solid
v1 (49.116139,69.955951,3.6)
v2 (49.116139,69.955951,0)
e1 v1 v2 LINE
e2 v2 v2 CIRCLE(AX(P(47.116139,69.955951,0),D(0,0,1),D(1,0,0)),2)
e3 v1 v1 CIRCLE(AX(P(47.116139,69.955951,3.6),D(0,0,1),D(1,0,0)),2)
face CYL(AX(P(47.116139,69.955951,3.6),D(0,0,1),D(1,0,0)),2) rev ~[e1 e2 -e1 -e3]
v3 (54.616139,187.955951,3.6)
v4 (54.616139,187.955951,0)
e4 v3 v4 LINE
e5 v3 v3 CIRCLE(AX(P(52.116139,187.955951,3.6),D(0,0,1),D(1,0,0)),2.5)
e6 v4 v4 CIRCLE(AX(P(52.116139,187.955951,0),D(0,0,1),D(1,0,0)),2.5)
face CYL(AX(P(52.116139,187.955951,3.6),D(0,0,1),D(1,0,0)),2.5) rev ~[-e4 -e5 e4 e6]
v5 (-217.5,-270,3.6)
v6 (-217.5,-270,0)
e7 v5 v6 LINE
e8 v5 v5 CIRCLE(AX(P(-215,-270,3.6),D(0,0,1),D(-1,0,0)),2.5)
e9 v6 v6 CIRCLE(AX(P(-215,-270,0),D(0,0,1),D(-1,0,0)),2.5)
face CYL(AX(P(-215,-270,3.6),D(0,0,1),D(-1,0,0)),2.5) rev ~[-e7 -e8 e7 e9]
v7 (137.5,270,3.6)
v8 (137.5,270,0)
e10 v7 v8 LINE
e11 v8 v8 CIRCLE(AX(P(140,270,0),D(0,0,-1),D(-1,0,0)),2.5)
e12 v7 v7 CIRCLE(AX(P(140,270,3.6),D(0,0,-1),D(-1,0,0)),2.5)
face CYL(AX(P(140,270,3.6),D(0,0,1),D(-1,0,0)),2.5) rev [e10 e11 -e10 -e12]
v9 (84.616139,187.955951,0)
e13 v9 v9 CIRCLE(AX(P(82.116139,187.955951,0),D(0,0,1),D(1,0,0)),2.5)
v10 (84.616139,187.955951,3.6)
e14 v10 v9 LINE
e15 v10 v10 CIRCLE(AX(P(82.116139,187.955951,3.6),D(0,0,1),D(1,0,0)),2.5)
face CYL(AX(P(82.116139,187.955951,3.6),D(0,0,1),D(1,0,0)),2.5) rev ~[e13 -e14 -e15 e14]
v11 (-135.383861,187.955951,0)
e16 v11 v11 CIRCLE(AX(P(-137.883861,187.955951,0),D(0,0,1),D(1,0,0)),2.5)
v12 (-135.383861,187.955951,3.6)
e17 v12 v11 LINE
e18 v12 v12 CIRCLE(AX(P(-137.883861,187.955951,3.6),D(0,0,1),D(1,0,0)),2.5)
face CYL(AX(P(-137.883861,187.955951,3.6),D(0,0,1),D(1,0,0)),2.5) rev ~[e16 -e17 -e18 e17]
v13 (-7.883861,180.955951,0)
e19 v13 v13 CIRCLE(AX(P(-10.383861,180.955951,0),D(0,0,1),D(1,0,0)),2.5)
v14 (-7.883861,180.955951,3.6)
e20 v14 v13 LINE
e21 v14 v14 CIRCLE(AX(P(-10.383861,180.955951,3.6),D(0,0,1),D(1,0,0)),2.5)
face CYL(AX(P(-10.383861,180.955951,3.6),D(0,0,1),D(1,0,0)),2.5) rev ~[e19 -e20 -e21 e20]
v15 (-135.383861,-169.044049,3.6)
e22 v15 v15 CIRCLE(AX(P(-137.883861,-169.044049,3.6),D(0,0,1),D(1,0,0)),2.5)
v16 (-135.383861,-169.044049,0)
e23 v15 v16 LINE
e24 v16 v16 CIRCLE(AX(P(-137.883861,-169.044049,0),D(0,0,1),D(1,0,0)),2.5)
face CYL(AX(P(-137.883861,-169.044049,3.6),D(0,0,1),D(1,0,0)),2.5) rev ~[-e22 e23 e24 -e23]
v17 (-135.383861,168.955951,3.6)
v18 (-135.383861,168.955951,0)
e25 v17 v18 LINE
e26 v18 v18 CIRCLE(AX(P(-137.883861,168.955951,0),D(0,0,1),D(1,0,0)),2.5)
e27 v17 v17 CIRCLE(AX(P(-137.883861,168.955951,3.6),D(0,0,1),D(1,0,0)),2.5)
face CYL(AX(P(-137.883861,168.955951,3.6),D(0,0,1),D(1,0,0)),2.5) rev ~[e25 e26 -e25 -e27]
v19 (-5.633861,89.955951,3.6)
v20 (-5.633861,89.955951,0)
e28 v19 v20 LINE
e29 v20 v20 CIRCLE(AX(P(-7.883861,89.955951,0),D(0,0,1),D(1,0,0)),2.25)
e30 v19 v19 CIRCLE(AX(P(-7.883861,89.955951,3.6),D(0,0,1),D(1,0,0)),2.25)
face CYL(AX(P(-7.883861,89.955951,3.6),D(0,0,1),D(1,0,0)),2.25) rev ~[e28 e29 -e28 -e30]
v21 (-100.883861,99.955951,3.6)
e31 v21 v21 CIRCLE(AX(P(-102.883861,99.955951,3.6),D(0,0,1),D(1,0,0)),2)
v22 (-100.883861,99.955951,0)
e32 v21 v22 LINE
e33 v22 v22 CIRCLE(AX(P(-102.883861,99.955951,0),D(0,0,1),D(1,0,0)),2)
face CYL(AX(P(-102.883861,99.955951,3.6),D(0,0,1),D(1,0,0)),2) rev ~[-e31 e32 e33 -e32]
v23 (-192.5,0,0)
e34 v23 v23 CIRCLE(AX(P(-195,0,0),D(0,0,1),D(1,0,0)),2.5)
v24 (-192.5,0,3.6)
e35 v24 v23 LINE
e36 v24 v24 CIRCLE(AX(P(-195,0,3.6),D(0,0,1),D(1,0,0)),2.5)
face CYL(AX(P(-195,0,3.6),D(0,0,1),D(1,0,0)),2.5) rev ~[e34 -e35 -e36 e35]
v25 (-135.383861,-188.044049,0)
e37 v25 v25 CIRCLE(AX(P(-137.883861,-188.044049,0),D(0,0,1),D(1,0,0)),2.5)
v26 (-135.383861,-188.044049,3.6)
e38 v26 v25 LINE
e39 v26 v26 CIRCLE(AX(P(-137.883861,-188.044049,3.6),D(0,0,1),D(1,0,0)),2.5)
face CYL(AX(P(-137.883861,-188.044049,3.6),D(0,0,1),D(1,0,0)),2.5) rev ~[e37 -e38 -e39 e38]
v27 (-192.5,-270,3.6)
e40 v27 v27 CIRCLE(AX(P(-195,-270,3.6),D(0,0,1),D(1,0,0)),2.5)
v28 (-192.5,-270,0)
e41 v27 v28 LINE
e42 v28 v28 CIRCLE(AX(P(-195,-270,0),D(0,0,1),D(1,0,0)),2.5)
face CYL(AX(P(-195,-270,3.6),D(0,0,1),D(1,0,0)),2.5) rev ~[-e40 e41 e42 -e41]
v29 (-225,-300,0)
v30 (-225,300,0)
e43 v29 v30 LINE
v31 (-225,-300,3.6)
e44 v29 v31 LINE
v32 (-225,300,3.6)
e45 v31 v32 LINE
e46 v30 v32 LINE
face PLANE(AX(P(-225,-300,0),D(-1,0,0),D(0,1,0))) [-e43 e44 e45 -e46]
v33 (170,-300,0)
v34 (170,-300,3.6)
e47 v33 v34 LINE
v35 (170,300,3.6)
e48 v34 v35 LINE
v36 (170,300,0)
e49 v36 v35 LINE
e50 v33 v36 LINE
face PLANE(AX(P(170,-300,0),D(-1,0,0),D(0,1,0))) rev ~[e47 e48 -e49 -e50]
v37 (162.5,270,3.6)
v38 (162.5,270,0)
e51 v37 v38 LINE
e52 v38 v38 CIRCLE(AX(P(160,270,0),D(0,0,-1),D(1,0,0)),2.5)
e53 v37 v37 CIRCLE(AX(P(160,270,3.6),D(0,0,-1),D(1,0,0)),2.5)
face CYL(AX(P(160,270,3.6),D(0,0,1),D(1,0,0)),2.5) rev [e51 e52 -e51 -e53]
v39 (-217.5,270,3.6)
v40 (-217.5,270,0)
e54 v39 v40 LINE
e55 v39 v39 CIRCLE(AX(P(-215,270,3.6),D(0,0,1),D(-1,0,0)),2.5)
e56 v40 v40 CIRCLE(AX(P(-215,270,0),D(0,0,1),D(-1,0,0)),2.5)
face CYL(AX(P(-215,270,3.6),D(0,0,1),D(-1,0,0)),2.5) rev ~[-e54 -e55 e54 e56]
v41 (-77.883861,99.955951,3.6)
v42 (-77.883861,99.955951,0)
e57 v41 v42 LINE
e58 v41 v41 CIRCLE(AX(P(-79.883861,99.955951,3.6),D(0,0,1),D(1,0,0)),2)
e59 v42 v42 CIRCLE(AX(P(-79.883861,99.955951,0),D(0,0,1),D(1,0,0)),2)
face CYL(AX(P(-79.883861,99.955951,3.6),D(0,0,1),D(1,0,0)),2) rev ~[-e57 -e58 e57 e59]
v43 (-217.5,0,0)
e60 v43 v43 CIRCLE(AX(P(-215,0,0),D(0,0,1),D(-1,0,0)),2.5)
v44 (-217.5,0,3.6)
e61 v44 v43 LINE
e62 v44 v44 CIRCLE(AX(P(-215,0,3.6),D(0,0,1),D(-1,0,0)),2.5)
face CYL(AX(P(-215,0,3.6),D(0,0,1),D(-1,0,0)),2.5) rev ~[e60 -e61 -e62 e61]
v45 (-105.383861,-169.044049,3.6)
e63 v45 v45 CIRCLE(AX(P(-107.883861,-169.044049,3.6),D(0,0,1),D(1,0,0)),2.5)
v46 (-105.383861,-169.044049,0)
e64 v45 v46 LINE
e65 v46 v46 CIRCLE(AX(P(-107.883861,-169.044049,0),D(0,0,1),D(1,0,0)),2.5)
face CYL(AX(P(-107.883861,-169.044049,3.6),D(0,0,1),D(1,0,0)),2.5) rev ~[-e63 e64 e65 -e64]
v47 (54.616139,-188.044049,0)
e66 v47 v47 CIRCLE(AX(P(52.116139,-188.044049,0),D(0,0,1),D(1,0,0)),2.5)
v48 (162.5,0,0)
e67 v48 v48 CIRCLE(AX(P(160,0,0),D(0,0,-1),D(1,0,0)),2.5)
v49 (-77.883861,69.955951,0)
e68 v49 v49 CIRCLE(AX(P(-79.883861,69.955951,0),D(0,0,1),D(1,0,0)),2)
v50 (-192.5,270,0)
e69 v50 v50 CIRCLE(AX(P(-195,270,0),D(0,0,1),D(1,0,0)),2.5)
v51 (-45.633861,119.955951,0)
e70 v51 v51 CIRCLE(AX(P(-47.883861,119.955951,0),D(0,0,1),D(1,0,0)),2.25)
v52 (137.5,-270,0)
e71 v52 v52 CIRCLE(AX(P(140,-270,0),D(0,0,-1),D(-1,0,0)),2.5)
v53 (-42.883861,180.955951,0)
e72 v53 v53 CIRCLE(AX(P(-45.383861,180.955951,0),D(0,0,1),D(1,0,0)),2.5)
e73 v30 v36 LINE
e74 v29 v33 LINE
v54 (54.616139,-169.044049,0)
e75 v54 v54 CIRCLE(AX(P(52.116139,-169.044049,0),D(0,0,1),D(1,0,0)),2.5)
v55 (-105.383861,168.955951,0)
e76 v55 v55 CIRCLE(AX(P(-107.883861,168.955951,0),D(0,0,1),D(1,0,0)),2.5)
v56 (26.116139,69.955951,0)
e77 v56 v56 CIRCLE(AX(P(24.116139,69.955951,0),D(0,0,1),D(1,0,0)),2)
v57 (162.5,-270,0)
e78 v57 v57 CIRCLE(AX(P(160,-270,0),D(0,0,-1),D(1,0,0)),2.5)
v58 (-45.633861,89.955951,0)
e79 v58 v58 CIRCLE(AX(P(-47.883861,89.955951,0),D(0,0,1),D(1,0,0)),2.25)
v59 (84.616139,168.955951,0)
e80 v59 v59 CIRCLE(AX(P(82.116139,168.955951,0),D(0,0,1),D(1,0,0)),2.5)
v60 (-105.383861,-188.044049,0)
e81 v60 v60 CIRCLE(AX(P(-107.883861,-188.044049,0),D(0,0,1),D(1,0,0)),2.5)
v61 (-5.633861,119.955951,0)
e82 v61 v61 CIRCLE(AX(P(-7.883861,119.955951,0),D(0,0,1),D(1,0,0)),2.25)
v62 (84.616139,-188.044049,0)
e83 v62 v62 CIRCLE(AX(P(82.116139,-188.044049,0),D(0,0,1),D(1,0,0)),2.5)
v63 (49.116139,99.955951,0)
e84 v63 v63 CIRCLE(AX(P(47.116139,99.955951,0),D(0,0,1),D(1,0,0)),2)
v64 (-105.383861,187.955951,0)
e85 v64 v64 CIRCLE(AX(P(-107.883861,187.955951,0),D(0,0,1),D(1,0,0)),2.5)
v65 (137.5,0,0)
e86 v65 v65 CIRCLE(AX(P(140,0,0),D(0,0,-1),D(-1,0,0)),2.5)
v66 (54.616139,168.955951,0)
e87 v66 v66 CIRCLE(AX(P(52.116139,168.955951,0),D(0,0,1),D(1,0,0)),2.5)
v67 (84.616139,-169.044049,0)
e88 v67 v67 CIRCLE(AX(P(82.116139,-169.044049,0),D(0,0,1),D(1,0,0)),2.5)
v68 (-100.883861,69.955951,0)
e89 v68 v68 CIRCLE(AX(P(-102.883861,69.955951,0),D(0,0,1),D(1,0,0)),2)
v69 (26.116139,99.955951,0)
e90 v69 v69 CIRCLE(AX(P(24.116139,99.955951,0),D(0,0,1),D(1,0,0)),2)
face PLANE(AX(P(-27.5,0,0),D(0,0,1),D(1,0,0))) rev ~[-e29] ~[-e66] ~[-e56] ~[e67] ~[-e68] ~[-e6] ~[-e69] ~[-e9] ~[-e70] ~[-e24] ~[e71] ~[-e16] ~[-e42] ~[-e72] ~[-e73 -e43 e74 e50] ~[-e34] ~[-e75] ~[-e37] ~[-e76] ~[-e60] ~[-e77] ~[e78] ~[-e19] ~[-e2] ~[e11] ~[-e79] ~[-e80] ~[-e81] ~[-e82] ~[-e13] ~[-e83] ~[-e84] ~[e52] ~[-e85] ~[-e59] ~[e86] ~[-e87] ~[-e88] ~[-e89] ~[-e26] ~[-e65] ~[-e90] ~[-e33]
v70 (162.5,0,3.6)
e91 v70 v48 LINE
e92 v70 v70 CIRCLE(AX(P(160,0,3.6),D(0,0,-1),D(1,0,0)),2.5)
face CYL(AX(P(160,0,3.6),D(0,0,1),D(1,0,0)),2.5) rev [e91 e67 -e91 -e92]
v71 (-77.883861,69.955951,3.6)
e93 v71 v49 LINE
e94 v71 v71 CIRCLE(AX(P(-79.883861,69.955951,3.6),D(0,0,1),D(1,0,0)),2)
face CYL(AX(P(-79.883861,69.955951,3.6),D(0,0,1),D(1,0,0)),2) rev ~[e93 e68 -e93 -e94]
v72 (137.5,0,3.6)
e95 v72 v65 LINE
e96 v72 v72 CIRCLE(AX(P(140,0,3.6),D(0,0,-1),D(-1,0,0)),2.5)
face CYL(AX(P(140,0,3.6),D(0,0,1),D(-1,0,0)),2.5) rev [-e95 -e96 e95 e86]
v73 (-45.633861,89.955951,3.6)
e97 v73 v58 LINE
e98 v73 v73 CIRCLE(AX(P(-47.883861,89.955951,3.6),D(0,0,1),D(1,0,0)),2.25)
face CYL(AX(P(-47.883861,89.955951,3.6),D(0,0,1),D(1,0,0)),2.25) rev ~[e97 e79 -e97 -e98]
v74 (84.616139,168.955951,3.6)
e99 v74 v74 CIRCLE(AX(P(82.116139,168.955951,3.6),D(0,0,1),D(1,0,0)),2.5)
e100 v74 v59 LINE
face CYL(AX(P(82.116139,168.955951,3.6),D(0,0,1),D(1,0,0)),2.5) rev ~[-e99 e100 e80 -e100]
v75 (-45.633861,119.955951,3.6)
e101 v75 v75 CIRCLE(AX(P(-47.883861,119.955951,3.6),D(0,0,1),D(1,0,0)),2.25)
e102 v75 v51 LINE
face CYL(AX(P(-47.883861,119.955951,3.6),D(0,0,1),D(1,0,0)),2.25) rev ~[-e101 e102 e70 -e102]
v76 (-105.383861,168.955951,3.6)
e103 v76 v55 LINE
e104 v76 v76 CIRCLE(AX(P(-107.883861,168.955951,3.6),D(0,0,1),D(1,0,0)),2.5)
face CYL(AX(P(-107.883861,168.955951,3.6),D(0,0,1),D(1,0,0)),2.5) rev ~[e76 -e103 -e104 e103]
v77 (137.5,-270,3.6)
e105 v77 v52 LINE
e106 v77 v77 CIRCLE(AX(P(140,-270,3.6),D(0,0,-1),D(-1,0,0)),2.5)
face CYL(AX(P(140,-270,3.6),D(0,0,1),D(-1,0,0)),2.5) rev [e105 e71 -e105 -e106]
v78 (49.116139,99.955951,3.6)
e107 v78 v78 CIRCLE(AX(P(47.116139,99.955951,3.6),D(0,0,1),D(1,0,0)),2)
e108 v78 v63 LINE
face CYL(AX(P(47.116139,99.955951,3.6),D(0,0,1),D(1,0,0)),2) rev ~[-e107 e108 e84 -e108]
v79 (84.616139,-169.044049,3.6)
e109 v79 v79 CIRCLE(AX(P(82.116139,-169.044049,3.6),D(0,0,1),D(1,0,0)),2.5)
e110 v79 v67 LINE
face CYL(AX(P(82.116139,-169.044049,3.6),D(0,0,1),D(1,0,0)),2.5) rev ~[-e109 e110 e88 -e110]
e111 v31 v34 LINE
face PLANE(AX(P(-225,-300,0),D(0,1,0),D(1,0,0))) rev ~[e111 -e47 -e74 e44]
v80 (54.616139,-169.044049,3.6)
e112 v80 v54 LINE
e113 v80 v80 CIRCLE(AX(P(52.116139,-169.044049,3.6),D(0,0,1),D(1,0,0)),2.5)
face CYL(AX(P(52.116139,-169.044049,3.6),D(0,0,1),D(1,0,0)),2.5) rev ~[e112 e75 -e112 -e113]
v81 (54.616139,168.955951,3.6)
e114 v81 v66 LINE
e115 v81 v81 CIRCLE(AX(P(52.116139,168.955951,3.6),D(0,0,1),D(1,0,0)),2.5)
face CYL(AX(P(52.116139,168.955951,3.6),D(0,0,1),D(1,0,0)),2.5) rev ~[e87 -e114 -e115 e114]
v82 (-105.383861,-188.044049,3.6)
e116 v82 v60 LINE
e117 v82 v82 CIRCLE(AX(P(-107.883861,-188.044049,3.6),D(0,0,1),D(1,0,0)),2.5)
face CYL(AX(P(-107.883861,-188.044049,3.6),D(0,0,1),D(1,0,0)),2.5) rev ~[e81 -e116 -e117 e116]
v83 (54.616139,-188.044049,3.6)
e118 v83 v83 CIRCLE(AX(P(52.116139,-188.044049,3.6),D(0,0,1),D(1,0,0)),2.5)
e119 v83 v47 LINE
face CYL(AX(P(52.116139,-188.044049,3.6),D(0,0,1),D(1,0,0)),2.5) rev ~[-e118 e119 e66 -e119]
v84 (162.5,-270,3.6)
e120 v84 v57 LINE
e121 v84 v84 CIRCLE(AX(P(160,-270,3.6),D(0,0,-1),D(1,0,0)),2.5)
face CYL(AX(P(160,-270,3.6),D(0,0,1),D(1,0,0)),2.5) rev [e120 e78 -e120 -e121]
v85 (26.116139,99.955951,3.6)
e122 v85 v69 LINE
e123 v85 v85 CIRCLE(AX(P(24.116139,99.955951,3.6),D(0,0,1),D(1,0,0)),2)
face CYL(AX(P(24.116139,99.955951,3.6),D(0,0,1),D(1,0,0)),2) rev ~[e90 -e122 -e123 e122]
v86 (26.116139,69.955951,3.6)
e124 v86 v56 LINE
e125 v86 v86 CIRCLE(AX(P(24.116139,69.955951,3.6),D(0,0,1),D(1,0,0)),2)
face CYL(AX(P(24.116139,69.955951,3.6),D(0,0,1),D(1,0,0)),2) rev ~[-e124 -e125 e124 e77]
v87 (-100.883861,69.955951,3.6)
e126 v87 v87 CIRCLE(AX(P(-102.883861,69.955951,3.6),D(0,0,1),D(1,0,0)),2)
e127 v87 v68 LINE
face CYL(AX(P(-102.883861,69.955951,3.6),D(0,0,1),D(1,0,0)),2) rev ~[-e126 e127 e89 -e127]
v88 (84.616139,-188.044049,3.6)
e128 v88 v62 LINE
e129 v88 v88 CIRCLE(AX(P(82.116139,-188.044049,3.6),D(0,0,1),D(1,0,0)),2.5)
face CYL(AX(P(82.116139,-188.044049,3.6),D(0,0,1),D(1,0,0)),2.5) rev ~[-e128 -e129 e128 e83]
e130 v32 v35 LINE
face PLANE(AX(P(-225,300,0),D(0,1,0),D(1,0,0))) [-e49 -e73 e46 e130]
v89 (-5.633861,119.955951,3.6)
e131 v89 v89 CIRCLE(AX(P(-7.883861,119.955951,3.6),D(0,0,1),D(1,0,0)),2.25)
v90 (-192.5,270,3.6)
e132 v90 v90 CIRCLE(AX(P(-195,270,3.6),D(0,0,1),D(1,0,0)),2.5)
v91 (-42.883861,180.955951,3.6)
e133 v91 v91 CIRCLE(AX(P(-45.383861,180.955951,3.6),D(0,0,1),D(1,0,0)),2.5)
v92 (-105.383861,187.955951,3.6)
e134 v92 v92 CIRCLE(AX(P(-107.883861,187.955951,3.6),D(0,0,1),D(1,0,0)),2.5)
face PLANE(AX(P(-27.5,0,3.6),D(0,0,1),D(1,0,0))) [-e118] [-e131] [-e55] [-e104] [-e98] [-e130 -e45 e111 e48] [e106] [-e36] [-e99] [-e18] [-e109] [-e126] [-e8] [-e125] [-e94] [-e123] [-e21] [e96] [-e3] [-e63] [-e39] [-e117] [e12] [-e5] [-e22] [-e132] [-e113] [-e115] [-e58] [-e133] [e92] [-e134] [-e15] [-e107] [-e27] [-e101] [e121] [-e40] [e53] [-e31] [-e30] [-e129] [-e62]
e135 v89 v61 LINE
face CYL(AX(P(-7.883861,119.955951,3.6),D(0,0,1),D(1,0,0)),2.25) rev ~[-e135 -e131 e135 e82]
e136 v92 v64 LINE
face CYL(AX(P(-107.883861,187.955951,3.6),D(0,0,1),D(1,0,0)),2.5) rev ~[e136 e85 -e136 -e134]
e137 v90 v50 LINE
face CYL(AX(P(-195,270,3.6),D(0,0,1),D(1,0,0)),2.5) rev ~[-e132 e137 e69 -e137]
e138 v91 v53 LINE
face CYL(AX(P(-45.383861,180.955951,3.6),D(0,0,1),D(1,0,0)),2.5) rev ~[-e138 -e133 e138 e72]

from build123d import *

# Parameters (mm, degrees)
SKETCH_1_W          = 395
SKETCH_1_H          = 600
EXTRUDE_1_DEPTH     = 3.6
SKETCH_4_R          = 2.5
CUT_EXTRUDE_3_DEPTH = 3.6
SKETCH_5_R          = 2
CUT_EXTRUDE_4_DEPTH = 10
SKETCH_6_R          = 2
CUT_EXTRUDE_5_DEPTH = 10
SKETCH_7_R          = 2.5
CUT_EXTRUDE_6_DEPTH = 10
SKETCH_8_R          = 2.25
CUT_EXTRUDE_7_DEPTH = 376.017279602
SKETCH_9_R          = 2.5
CUT_EXTRUDE_8_DEPTH = 376.017279602


with BuildPart() as part:
    # 草图1 → 凸台-拉伸1 (new body)
    with BuildSketch(Plane.XY):
        with Locations((-27.5, 0)):
            Rectangle(SKETCH_1_W, SKETCH_1_H)
    extrude(amount=EXTRUDE_1_DEPTH)

    # 草图4 → 切除-拉伸3 (cut)
    with BuildSketch(Plane.XY.offset(3.6)):
        with Locations((-195, 270)):
            Circle(SKETCH_4_R)
        with Locations((-195, -270)):
            Circle(SKETCH_4_R)
        with Locations((-195, 0)):
            Circle(SKETCH_4_R)
        with Locations(Location((-215, -270, 0), (0, 0, 180))):
            Circle(SKETCH_4_R)
        with Locations(Location((-215, 0, 0), (0, 0, 180))):
            Circle(SKETCH_4_R)
        with Locations(Location((-215, 270, 0), (0, 0, 180))):
            Circle(SKETCH_4_R)
    cut_extrude_3 = extrude(amount=-CUT_EXTRUDE_3_DEPTH, mode=Mode.SUBTRACT)

    # 草图5 → 切除-拉伸4 (cut)
    with BuildSketch(Plane.XY.offset(3.6)):
        with Locations((-102.883860642, 69.955951215)):
            Circle(SKETCH_5_R)
        with Locations((-102.883860642, 99.955951215)):
            Circle(SKETCH_5_R)
        with Locations((-79.883860642, 69.955951215)):
            Circle(SKETCH_5_R)
        with Locations((-79.883860642, 99.955951215)):
            Circle(SKETCH_5_R)
    extrude(amount=-CUT_EXTRUDE_4_DEPTH, mode=Mode.SUBTRACT)

    # 草图6 → 切除-拉伸5 (cut)
    with BuildSketch(Plane.XY.offset(3.6)):
        with Locations((24.116139358, 69.955951215)):
            Circle(SKETCH_6_R)
        with Locations((24.116139358, 99.955951215)):
            Circle(SKETCH_6_R)
        with Locations((47.116139358, 69.955951215)):
            Circle(SKETCH_6_R)
        with Locations((47.116139358, 99.955951215)):
            Circle(SKETCH_6_R)
    extrude(amount=-CUT_EXTRUDE_5_DEPTH, mode=Mode.SUBTRACT)

    # 草图7 → 切除-拉伸6 (cut)
    with BuildSketch(Plane.XY.offset(3.6)):
        with Locations((-45.383860642, 180.955951215)):
            Circle(SKETCH_7_R)
        with Locations((-10.383860642, 180.955951215)):
            Circle(SKETCH_7_R)
    extrude(amount=-CUT_EXTRUDE_6_DEPTH, mode=Mode.SUBTRACT)

    # 草图8 → 切除-拉伸7 (cut, through all)
    with BuildSketch(Plane.XY.offset(3.6)):
        with Locations((-47.883860642, 89.955951215)):
            Circle(SKETCH_8_R)
        with Locations((-47.883860642, 119.955951215)):
            Circle(SKETCH_8_R)
        with Locations((-7.883860642, 89.955951215)):
            Circle(SKETCH_8_R)
        with Locations((-7.883860642, 119.955951215)):
            Circle(SKETCH_8_R)
    extrude(amount=-CUT_EXTRUDE_7_DEPTH, mode=Mode.SUBTRACT)

    # 草图9 → 切除-拉伸8 (cut, through all)
    with BuildSketch(Plane.XY.offset(3.6)):
        with Locations((-137.883860642, -188.044048785)):
            Circle(SKETCH_9_R)
        with Locations((-137.883860642, -169.044048785)):
            Circle(SKETCH_9_R)
        with Locations((-107.883860642, -188.044048785)):
            Circle(SKETCH_9_R)
        with Locations((-107.883860642, -169.044048785)):
            Circle(SKETCH_9_R)
        with Locations((52.116139358, -188.044048785)):
            Circle(SKETCH_9_R)
        with Locations((52.116139358, -169.044048785)):
            Circle(SKETCH_9_R)
        with Locations((82.116139358, -169.044048785)):
            Circle(SKETCH_9_R)
        with Locations((82.116139358, -188.044048785)):
            Circle(SKETCH_9_R)
        with Locations((82.116139358, 168.955951215)):
            Circle(SKETCH_9_R)
        with Locations((82.116139358, 187.955951215)):
            Circle(SKETCH_9_R)
        with Locations((52.116139358, 168.955951215)):
            Circle(SKETCH_9_R)
        with Locations((52.116139358, 187.955951215)):
            Circle(SKETCH_9_R)
        with Locations((-107.883860642, 168.955951215)):
            Circle(SKETCH_9_R)
        with Locations((-107.883860642, 187.955951215)):
            Circle(SKETCH_9_R)
        with Locations((-137.883860642, 168.955951215)):
            Circle(SKETCH_9_R)
        with Locations((-137.883860642, 187.955951215)):
            Circle(SKETCH_9_R)
    extrude(amount=-CUT_EXTRUDE_8_DEPTH, mode=Mode.SUBTRACT)

    # 镜向1: 切除-拉伸3 across plane
    add(cut_extrude_3.mirror(Plane.ZY.offset(27.5)), mode=Mode.SUBTRACT)


solid = part.part
